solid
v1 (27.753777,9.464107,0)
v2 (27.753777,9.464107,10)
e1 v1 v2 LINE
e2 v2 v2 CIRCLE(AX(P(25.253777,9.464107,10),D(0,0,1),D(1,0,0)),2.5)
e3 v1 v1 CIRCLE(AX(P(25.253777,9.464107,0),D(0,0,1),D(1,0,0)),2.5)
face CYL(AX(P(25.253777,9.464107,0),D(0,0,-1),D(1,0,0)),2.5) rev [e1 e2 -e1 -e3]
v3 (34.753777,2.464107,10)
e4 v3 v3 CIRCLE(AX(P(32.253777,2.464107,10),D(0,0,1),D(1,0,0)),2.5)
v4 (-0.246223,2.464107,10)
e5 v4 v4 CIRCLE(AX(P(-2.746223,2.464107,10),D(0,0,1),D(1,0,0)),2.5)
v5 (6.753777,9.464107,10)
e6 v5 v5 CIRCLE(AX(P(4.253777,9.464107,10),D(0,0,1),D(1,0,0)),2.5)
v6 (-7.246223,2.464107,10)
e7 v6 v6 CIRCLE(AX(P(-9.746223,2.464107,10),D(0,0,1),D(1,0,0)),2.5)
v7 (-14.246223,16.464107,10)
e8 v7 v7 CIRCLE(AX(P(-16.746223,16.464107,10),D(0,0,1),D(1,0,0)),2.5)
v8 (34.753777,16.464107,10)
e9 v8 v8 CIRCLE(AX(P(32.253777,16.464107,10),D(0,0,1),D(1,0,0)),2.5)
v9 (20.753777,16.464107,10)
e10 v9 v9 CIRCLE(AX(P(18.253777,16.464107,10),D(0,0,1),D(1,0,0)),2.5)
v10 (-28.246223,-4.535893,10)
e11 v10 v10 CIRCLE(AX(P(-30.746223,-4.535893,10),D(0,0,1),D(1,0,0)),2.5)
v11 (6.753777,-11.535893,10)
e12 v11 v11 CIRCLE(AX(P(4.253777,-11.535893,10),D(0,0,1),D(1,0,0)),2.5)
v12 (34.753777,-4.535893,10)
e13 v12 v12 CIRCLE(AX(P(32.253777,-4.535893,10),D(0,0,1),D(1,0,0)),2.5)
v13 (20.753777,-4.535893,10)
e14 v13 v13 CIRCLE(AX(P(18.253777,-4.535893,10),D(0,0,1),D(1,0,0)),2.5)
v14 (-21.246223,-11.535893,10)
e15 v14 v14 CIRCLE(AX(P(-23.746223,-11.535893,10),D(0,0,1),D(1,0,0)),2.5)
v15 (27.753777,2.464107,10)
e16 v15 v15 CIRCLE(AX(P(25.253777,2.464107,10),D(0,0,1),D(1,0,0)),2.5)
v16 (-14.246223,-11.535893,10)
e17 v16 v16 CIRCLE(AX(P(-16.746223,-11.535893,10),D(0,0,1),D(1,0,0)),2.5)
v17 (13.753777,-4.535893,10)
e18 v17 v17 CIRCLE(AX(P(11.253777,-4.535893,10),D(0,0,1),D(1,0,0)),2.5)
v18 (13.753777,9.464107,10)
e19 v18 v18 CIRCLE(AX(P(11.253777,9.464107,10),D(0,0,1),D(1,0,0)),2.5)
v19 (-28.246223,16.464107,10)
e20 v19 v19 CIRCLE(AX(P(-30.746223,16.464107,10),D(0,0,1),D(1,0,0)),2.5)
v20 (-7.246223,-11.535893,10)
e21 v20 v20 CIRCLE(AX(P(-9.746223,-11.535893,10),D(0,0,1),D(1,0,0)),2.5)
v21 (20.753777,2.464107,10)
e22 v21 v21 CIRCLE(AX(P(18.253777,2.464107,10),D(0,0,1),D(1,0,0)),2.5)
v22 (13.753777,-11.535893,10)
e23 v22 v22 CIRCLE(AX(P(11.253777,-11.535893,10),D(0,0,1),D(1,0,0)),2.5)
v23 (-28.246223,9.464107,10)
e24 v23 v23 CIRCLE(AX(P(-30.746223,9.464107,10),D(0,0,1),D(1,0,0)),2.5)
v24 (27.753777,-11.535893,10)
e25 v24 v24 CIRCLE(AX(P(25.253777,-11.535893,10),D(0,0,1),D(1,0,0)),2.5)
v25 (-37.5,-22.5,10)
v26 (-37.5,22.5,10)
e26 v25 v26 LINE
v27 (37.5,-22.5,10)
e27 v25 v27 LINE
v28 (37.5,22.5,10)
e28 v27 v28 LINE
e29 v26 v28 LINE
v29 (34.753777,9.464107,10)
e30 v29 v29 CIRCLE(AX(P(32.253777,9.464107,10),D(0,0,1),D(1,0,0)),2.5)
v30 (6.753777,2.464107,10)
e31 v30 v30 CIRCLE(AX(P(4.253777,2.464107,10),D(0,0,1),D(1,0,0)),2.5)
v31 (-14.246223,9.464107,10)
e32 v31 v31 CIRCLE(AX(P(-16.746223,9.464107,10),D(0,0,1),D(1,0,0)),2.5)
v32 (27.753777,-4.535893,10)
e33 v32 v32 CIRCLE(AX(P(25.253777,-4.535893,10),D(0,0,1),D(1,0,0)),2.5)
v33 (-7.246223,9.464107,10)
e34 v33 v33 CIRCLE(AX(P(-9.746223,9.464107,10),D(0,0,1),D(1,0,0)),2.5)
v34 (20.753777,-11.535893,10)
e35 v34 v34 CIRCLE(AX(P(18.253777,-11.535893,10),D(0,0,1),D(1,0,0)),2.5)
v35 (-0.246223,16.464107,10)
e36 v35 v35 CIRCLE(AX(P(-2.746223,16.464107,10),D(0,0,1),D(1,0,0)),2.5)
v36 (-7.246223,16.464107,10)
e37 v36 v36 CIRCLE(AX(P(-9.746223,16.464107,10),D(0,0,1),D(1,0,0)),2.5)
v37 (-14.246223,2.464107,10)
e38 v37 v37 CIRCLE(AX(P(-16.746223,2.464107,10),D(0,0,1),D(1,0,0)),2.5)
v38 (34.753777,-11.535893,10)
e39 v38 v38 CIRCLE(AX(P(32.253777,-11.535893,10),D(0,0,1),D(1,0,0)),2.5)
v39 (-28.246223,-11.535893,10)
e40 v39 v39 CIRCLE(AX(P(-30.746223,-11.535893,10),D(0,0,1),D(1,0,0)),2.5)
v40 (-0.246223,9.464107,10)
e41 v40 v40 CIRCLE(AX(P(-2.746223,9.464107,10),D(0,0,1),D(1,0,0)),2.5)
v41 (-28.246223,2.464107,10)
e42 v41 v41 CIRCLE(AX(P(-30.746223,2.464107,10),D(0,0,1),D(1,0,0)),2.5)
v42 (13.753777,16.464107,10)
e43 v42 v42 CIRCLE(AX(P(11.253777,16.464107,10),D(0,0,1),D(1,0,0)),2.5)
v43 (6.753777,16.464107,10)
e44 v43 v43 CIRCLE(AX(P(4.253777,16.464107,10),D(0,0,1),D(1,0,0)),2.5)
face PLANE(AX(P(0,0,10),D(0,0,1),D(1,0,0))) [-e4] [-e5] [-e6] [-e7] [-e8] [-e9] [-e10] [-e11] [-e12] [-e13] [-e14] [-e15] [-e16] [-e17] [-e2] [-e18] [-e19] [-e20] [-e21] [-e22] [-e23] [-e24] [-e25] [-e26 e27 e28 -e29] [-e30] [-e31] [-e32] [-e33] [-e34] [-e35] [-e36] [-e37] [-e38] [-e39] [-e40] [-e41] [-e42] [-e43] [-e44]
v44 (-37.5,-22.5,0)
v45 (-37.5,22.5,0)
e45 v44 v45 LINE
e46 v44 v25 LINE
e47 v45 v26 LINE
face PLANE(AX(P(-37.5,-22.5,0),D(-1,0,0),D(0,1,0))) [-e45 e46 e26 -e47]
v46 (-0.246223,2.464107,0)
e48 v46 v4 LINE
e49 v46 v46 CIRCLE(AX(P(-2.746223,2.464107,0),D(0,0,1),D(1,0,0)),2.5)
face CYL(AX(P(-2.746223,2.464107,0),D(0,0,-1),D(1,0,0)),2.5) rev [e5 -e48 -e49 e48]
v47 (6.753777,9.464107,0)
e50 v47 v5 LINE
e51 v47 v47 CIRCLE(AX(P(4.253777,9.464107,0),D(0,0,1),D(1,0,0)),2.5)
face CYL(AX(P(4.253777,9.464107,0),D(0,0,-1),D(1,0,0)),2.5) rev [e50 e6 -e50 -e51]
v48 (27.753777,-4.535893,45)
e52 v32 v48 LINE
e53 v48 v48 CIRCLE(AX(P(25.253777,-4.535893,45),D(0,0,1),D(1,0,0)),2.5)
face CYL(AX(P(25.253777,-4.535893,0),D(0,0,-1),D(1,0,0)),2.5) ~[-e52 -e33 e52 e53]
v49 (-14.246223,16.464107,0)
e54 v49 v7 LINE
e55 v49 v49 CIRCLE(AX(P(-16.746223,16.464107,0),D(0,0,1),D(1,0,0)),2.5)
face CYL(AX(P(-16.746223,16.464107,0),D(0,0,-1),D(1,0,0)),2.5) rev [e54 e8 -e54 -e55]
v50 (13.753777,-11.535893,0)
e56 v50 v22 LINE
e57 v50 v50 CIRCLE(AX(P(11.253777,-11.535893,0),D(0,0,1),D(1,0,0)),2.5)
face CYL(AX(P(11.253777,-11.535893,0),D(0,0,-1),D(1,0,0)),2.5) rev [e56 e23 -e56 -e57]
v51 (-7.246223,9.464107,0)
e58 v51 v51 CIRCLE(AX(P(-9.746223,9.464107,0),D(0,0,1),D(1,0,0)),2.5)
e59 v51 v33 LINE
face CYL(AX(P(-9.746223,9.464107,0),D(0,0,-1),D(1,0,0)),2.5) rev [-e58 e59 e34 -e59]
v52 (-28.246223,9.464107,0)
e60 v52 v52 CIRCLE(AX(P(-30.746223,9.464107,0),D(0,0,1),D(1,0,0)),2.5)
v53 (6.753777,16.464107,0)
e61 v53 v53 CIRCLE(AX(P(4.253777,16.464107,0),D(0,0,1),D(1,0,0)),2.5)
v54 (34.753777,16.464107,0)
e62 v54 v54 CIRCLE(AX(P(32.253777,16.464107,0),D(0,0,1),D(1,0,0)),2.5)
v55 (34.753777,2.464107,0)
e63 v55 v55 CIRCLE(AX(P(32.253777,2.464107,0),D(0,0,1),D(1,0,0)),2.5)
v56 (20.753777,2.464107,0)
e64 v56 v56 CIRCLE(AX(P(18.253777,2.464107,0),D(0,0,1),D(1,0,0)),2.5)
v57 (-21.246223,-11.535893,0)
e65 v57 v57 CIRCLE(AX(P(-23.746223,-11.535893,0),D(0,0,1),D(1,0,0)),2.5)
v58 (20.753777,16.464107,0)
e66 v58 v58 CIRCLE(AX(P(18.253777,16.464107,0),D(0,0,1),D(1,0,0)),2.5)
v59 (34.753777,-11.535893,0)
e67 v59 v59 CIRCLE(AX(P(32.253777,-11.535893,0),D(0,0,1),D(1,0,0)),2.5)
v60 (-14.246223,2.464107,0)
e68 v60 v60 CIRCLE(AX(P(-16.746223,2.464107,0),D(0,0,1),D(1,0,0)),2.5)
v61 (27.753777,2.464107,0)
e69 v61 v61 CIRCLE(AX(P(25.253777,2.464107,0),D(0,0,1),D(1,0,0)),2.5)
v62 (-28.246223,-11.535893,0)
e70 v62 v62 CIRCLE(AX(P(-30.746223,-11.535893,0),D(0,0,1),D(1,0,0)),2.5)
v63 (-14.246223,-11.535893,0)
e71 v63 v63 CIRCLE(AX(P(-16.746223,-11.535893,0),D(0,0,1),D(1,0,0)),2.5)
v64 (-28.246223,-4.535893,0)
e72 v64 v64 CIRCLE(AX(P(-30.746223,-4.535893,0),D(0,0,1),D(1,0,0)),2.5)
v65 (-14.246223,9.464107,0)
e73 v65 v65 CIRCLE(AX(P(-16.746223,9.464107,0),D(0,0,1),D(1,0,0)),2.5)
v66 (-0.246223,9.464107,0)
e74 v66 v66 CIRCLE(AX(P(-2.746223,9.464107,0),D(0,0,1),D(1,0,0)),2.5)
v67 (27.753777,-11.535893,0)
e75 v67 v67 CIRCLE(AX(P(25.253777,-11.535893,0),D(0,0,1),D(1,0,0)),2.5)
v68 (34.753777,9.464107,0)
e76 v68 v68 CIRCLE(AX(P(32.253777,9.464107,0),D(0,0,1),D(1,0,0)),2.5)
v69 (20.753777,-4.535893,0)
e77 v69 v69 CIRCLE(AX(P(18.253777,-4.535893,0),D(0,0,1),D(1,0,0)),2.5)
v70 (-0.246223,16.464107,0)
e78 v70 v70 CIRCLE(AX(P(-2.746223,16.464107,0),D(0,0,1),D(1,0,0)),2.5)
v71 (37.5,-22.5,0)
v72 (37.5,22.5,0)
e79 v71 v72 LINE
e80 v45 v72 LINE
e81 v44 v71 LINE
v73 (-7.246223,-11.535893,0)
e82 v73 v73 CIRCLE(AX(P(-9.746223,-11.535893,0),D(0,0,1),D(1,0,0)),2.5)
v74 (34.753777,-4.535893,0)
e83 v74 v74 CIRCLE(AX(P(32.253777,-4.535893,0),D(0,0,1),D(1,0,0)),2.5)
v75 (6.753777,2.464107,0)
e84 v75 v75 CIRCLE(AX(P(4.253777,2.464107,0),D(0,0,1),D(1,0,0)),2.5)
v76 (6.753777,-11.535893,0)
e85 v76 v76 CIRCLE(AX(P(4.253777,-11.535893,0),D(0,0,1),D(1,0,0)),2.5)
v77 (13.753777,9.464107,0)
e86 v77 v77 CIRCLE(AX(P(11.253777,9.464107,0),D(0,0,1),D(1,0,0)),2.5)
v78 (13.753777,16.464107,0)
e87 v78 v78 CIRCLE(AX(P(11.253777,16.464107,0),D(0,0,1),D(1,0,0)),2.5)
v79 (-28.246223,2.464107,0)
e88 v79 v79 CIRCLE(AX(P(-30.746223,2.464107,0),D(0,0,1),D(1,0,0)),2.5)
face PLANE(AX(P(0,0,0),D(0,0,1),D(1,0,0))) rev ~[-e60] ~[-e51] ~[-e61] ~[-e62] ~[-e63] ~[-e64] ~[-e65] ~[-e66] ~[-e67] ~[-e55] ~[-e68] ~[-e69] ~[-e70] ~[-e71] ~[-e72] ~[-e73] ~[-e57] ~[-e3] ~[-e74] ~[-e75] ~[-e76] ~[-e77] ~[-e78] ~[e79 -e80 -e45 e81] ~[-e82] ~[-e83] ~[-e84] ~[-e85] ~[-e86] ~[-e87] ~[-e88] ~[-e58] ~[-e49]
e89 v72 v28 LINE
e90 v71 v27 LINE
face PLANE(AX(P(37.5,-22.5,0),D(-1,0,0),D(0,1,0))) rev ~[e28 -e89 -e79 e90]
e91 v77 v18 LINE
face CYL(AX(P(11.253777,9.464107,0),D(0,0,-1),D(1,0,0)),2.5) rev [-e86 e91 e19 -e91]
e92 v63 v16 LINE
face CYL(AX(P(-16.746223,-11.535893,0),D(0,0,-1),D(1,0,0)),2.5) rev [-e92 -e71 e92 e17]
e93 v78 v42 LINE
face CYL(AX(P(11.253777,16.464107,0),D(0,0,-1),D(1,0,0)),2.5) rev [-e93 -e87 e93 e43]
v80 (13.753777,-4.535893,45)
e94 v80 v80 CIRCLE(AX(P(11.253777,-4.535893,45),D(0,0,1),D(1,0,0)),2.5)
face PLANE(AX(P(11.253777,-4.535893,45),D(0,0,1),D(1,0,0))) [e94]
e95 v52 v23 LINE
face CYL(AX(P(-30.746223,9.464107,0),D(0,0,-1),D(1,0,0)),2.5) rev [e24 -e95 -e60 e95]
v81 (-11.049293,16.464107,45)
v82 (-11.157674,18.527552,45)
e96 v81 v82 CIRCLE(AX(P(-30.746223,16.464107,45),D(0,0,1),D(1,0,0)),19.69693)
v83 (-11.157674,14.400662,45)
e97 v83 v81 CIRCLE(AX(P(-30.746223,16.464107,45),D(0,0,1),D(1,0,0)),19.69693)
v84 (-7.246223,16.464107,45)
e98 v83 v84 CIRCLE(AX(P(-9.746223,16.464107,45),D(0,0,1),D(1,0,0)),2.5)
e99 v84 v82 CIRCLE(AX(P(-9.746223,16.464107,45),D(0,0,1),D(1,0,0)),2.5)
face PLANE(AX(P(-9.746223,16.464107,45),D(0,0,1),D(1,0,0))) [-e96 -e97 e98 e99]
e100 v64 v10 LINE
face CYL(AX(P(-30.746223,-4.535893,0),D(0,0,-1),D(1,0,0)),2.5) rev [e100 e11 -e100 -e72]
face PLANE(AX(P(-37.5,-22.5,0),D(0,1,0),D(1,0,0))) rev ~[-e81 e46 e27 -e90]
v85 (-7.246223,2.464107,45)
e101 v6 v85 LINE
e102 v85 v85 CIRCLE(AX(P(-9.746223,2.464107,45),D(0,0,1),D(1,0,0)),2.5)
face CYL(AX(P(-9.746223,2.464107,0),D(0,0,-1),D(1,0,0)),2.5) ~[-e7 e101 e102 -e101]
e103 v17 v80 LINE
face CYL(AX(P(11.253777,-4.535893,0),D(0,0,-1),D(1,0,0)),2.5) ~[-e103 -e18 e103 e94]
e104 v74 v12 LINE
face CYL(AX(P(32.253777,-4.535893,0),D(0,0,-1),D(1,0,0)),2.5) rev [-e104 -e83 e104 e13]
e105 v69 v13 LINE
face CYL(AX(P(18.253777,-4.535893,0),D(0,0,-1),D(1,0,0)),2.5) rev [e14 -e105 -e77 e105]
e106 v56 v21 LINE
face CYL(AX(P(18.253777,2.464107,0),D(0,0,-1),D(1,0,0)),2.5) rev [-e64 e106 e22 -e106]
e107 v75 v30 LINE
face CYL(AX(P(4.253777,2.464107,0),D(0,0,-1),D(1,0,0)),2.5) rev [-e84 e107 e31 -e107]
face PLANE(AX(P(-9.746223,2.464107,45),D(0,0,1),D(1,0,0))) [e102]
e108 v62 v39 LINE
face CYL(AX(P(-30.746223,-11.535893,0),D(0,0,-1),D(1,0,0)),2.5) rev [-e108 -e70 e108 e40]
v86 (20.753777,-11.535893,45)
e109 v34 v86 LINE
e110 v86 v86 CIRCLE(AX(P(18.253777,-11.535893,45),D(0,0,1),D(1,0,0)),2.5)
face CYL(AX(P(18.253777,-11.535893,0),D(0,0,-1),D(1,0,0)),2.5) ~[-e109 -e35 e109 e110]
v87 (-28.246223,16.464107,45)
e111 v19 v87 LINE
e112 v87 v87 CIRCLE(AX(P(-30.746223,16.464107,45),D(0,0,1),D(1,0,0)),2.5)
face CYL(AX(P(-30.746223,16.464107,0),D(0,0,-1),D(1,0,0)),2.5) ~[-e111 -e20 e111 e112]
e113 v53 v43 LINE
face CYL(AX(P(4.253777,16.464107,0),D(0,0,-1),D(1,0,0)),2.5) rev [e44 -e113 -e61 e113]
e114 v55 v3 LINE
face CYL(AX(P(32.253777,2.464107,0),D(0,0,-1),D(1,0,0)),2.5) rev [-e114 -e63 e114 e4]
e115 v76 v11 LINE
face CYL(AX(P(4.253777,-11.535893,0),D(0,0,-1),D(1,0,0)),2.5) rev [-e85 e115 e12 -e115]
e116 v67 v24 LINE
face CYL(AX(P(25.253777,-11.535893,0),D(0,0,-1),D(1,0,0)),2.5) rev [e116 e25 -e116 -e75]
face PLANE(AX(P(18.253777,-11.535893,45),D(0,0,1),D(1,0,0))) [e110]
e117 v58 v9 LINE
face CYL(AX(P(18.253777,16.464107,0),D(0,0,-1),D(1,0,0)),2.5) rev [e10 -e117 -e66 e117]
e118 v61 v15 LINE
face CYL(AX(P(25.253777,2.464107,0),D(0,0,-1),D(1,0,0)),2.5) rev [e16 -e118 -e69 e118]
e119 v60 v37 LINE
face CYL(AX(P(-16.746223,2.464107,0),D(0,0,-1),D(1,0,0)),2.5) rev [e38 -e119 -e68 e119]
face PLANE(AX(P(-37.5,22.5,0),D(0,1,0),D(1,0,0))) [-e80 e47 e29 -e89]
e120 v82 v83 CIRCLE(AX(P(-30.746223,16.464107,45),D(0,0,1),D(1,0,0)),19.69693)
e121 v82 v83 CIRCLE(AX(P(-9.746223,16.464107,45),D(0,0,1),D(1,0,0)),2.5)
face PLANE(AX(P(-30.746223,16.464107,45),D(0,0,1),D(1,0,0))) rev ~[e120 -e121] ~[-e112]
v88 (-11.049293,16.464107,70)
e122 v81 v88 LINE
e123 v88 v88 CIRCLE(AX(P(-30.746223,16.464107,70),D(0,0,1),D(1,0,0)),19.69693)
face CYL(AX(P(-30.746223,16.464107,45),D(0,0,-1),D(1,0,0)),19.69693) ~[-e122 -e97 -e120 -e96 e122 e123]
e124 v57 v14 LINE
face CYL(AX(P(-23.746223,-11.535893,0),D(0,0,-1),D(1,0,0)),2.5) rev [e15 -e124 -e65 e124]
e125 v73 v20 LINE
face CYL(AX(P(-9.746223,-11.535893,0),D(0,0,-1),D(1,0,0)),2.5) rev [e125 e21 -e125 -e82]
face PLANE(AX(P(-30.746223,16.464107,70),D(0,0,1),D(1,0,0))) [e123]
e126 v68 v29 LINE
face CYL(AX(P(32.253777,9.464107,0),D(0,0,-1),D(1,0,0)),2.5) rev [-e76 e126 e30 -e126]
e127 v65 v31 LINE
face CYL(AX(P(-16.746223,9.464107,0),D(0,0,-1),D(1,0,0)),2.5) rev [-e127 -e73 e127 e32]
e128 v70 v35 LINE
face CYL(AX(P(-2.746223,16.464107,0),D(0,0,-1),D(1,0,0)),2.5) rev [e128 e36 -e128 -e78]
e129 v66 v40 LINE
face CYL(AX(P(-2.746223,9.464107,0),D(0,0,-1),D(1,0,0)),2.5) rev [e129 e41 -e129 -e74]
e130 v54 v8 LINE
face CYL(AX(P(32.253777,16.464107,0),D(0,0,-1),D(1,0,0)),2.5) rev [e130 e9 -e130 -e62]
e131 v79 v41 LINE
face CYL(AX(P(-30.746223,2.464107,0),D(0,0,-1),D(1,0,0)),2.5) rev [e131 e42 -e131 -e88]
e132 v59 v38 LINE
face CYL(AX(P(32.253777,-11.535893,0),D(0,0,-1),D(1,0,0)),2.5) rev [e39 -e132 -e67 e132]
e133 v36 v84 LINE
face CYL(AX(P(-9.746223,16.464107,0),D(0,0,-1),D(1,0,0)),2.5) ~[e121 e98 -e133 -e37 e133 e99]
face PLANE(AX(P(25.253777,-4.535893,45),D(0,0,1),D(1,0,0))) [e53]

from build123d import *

# Parameters (mm, degrees)
F0_W     = 75
F0_H     = 45
F0_R     = 2.5
F1_DEPTH = 10
F2_DEPTH = 45
F3_R     = 19.69693
F4_DEPTH = 25


with BuildPart() as f1:
    # F0 (on Top) → F1 (new body)
    with BuildSketch(Plane.XY):
        Rectangle(F0_W, F0_H)
        with Locations((-30.746223, -11.535893)):
            Circle(F0_R, mode=Mode.SUBTRACT)
        with Locations((-23.746223, -11.535893)):
            Circle(F0_R, mode=Mode.SUBTRACT)
        with Locations((-16.746223, -11.535893)):
            Circle(F0_R, mode=Mode.SUBTRACT)
        with Locations((-9.746223, -11.535893)):
            Circle(F0_R, mode=Mode.SUBTRACT)
        with Locations((-2.746223, -11.535893)):
            Circle(F0_R, mode=Mode.SUBTRACT)
        with Locations((-30.746223, -4.535893)):
            Circle(F0_R, mode=Mode.SUBTRACT)
        with Locations((-23.746223, -4.535893)):
            Circle(F0_R, mode=Mode.SUBTRACT)
        with Locations((-16.746223, -4.535893)):
            Circle(F0_R, mode=Mode.SUBTRACT)
        with Locations((-9.746223, -4.535893)):
            Circle(F0_R, mode=Mode.SUBTRACT)
        with Locations((-2.746223, -4.535893)):
            Circle(F0_R, mode=Mode.SUBTRACT)
        with Locations((4.253777, -11.535893)):
            Circle(F0_R, mode=Mode.SUBTRACT)
        with Locations((11.253777, -11.535893)):
            Circle(F0_R, mode=Mode.SUBTRACT)
        with Locations((18.253777, -11.535893)):
            Circle(F0_R, mode=Mode.SUBTRACT)
        with Locations((25.253777, -11.535893)):
            Circle(F0_R, mode=Mode.SUBTRACT)
        with Locations((32.253777, -11.535893)):
            Circle(F0_R, mode=Mode.SUBTRACT)
        with Locations((4.253777, -4.535893)):
            Circle(F0_R, mode=Mode.SUBTRACT)
        with Locations((11.253777, -4.535893)):
            Circle(F0_R, mode=Mode.SUBTRACT)
        with Locations((18.253777, -4.535893)):
            Circle(F0_R, mode=Mode.SUBTRACT)
        with Locations((25.253777, -4.535893)):
            Circle(F0_R, mode=Mode.SUBTRACT)
        with Locations((32.253777, -4.535893)):
            Circle(F0_R, mode=Mode.SUBTRACT)
        with Locations((-30.746223, 2.464107)):
            Circle(F0_R, mode=Mode.SUBTRACT)
        with Locations((-23.746223, 2.464107)):
            Circle(F0_R, mode=Mode.SUBTRACT)
        with Locations((-30.746223, 9.464107)):
            Circle(F0_R, mode=Mode.SUBTRACT)
        with Locations((-23.746223, 9.464107)):
            Circle(F0_R, mode=Mode.SUBTRACT)
        with Locations((-16.746223, 2.464107)):
            Circle(F0_R, mode=Mode.SUBTRACT)
        with Locations((-9.746223, 2.464107)):
            Circle(F0_R, mode=Mode.SUBTRACT)
        with Locations((-2.746223, 2.464107)):
            Circle(F0_R, mode=Mode.SUBTRACT)
        with Locations((-16.746223, 9.464107)):
            Circle(F0_R, mode=Mode.SUBTRACT)
        with Locations((-9.746223, 9.464107)):
            Circle(F0_R, mode=Mode.SUBTRACT)
        with Locations((-2.746223, 9.464107)):
            Circle(F0_R, mode=Mode.SUBTRACT)
        with Locations((-30.746223, 16.464107)):
            Circle(F0_R, mode=Mode.SUBTRACT)
        with Locations((-23.746223, 16.464107)):
            Circle(F0_R, mode=Mode.SUBTRACT)
        with Locations((-16.746223, 16.464107)):
            Circle(F0_R, mode=Mode.SUBTRACT)
        with Locations((-9.746223, 16.464107)):
            Circle(F0_R, mode=Mode.SUBTRACT)
        with Locations((-2.746223, 16.464107)):
            Circle(F0_R, mode=Mode.SUBTRACT)
        with Locations((4.253777, 2.464107)):
            Circle(F0_R, mode=Mode.SUBTRACT)
        with Locations((11.253777, 2.464107)):
            Circle(F0_R, mode=Mode.SUBTRACT)
        with Locations((18.253777, 2.464107)):
            Circle(F0_R, mode=Mode.SUBTRACT)
        with Locations((4.253777, 9.464107)):
            Circle(F0_R, mode=Mode.SUBTRACT)
        with Locations((11.253777, 9.464107)):
            Circle(F0_R, mode=Mode.SUBTRACT)
        with Locations((18.253777, 9.464107)):
            Circle(F0_R, mode=Mode.SUBTRACT)
        with Locations((25.253777, 2.464107)):
            Circle(F0_R, mode=Mode.SUBTRACT)
        with Locations((32.253777, 2.464107)):
            Circle(F0_R, mode=Mode.SUBTRACT)
        with Locations((25.253777, 9.464107)):
            Circle(F0_R, mode=Mode.SUBTRACT)
        with Locations((32.253777, 9.464107)):
            Circle(F0_R, mode=Mode.SUBTRACT)
        with Locations((4.253777, 16.464107)):
            Circle(F0_R, mode=Mode.SUBTRACT)
        with Locations((11.253777, 16.464107)):
            Circle(F0_R, mode=Mode.SUBTRACT)
        with Locations((18.253777, 16.464107)):
            Circle(F0_R, mode=Mode.SUBTRACT)
        with Locations((25.253777, 16.464107)):
            Circle(F0_R, mode=Mode.SUBTRACT)
        with Locations((32.253777, 16.464107)):
            Circle(F0_R, mode=Mode.SUBTRACT)
        with Locations((-23.746223, 16.464107)):
            Circle(F0_R)
        with Locations((-23.746223, 9.464107)):
            Circle(F0_R)
        with Locations((-23.746223, 2.464107)):
            Circle(F0_R)
        with Locations((-23.746223, -4.535893)):
            Circle(F0_R)
        with Locations((-16.746223, -4.535893)):
            Circle(F0_R)
        with Locations((-9.746223, -4.535893)):
            Circle(F0_R)
        with Locations((-2.746223, -4.535893)):
            Circle(F0_R)
        with Locations((-2.746223, -11.535893)):
            Circle(F0_R)
        with Locations((4.253777, -4.535893)):
            Circle(F0_R)
        with Locations((11.253777, 2.464107)):
            Circle(F0_R)
        with Locations((18.253777, 9.464107)):
            Circle(F0_R)
        with Locations((25.253777, 16.464107)):
            Circle(F0_R)
    extrude(amount=F1_DEPTH)

    # F0 (on Top) → F2 (join)
    with BuildSketch(Plane.XY):
        with Locations((-30.746223, 16.464107)):
            Circle(F0_R)
        with Locations((-9.746223, 16.464107)):
            Circle(F0_R)
        with Locations((-9.746223, 2.464107)):
            Circle(F0_R)
        with Locations((11.253777, -4.535893)):
            Circle(F0_R)
        with Locations((25.253777, -4.535893)):
            Circle(F0_R)
        with Locations((18.253777, -11.535893)):
            Circle(F0_R)
    extrude(amount=F2_DEPTH)

    # F3 (on face) → F4 (join)
    with BuildSketch(Plane.XY.offset(45)):
        with Locations((-30.746223, 16.464107)):
            Circle(F3_R)
    extrude(amount=F4_DEPTH)


solid = f1.part
